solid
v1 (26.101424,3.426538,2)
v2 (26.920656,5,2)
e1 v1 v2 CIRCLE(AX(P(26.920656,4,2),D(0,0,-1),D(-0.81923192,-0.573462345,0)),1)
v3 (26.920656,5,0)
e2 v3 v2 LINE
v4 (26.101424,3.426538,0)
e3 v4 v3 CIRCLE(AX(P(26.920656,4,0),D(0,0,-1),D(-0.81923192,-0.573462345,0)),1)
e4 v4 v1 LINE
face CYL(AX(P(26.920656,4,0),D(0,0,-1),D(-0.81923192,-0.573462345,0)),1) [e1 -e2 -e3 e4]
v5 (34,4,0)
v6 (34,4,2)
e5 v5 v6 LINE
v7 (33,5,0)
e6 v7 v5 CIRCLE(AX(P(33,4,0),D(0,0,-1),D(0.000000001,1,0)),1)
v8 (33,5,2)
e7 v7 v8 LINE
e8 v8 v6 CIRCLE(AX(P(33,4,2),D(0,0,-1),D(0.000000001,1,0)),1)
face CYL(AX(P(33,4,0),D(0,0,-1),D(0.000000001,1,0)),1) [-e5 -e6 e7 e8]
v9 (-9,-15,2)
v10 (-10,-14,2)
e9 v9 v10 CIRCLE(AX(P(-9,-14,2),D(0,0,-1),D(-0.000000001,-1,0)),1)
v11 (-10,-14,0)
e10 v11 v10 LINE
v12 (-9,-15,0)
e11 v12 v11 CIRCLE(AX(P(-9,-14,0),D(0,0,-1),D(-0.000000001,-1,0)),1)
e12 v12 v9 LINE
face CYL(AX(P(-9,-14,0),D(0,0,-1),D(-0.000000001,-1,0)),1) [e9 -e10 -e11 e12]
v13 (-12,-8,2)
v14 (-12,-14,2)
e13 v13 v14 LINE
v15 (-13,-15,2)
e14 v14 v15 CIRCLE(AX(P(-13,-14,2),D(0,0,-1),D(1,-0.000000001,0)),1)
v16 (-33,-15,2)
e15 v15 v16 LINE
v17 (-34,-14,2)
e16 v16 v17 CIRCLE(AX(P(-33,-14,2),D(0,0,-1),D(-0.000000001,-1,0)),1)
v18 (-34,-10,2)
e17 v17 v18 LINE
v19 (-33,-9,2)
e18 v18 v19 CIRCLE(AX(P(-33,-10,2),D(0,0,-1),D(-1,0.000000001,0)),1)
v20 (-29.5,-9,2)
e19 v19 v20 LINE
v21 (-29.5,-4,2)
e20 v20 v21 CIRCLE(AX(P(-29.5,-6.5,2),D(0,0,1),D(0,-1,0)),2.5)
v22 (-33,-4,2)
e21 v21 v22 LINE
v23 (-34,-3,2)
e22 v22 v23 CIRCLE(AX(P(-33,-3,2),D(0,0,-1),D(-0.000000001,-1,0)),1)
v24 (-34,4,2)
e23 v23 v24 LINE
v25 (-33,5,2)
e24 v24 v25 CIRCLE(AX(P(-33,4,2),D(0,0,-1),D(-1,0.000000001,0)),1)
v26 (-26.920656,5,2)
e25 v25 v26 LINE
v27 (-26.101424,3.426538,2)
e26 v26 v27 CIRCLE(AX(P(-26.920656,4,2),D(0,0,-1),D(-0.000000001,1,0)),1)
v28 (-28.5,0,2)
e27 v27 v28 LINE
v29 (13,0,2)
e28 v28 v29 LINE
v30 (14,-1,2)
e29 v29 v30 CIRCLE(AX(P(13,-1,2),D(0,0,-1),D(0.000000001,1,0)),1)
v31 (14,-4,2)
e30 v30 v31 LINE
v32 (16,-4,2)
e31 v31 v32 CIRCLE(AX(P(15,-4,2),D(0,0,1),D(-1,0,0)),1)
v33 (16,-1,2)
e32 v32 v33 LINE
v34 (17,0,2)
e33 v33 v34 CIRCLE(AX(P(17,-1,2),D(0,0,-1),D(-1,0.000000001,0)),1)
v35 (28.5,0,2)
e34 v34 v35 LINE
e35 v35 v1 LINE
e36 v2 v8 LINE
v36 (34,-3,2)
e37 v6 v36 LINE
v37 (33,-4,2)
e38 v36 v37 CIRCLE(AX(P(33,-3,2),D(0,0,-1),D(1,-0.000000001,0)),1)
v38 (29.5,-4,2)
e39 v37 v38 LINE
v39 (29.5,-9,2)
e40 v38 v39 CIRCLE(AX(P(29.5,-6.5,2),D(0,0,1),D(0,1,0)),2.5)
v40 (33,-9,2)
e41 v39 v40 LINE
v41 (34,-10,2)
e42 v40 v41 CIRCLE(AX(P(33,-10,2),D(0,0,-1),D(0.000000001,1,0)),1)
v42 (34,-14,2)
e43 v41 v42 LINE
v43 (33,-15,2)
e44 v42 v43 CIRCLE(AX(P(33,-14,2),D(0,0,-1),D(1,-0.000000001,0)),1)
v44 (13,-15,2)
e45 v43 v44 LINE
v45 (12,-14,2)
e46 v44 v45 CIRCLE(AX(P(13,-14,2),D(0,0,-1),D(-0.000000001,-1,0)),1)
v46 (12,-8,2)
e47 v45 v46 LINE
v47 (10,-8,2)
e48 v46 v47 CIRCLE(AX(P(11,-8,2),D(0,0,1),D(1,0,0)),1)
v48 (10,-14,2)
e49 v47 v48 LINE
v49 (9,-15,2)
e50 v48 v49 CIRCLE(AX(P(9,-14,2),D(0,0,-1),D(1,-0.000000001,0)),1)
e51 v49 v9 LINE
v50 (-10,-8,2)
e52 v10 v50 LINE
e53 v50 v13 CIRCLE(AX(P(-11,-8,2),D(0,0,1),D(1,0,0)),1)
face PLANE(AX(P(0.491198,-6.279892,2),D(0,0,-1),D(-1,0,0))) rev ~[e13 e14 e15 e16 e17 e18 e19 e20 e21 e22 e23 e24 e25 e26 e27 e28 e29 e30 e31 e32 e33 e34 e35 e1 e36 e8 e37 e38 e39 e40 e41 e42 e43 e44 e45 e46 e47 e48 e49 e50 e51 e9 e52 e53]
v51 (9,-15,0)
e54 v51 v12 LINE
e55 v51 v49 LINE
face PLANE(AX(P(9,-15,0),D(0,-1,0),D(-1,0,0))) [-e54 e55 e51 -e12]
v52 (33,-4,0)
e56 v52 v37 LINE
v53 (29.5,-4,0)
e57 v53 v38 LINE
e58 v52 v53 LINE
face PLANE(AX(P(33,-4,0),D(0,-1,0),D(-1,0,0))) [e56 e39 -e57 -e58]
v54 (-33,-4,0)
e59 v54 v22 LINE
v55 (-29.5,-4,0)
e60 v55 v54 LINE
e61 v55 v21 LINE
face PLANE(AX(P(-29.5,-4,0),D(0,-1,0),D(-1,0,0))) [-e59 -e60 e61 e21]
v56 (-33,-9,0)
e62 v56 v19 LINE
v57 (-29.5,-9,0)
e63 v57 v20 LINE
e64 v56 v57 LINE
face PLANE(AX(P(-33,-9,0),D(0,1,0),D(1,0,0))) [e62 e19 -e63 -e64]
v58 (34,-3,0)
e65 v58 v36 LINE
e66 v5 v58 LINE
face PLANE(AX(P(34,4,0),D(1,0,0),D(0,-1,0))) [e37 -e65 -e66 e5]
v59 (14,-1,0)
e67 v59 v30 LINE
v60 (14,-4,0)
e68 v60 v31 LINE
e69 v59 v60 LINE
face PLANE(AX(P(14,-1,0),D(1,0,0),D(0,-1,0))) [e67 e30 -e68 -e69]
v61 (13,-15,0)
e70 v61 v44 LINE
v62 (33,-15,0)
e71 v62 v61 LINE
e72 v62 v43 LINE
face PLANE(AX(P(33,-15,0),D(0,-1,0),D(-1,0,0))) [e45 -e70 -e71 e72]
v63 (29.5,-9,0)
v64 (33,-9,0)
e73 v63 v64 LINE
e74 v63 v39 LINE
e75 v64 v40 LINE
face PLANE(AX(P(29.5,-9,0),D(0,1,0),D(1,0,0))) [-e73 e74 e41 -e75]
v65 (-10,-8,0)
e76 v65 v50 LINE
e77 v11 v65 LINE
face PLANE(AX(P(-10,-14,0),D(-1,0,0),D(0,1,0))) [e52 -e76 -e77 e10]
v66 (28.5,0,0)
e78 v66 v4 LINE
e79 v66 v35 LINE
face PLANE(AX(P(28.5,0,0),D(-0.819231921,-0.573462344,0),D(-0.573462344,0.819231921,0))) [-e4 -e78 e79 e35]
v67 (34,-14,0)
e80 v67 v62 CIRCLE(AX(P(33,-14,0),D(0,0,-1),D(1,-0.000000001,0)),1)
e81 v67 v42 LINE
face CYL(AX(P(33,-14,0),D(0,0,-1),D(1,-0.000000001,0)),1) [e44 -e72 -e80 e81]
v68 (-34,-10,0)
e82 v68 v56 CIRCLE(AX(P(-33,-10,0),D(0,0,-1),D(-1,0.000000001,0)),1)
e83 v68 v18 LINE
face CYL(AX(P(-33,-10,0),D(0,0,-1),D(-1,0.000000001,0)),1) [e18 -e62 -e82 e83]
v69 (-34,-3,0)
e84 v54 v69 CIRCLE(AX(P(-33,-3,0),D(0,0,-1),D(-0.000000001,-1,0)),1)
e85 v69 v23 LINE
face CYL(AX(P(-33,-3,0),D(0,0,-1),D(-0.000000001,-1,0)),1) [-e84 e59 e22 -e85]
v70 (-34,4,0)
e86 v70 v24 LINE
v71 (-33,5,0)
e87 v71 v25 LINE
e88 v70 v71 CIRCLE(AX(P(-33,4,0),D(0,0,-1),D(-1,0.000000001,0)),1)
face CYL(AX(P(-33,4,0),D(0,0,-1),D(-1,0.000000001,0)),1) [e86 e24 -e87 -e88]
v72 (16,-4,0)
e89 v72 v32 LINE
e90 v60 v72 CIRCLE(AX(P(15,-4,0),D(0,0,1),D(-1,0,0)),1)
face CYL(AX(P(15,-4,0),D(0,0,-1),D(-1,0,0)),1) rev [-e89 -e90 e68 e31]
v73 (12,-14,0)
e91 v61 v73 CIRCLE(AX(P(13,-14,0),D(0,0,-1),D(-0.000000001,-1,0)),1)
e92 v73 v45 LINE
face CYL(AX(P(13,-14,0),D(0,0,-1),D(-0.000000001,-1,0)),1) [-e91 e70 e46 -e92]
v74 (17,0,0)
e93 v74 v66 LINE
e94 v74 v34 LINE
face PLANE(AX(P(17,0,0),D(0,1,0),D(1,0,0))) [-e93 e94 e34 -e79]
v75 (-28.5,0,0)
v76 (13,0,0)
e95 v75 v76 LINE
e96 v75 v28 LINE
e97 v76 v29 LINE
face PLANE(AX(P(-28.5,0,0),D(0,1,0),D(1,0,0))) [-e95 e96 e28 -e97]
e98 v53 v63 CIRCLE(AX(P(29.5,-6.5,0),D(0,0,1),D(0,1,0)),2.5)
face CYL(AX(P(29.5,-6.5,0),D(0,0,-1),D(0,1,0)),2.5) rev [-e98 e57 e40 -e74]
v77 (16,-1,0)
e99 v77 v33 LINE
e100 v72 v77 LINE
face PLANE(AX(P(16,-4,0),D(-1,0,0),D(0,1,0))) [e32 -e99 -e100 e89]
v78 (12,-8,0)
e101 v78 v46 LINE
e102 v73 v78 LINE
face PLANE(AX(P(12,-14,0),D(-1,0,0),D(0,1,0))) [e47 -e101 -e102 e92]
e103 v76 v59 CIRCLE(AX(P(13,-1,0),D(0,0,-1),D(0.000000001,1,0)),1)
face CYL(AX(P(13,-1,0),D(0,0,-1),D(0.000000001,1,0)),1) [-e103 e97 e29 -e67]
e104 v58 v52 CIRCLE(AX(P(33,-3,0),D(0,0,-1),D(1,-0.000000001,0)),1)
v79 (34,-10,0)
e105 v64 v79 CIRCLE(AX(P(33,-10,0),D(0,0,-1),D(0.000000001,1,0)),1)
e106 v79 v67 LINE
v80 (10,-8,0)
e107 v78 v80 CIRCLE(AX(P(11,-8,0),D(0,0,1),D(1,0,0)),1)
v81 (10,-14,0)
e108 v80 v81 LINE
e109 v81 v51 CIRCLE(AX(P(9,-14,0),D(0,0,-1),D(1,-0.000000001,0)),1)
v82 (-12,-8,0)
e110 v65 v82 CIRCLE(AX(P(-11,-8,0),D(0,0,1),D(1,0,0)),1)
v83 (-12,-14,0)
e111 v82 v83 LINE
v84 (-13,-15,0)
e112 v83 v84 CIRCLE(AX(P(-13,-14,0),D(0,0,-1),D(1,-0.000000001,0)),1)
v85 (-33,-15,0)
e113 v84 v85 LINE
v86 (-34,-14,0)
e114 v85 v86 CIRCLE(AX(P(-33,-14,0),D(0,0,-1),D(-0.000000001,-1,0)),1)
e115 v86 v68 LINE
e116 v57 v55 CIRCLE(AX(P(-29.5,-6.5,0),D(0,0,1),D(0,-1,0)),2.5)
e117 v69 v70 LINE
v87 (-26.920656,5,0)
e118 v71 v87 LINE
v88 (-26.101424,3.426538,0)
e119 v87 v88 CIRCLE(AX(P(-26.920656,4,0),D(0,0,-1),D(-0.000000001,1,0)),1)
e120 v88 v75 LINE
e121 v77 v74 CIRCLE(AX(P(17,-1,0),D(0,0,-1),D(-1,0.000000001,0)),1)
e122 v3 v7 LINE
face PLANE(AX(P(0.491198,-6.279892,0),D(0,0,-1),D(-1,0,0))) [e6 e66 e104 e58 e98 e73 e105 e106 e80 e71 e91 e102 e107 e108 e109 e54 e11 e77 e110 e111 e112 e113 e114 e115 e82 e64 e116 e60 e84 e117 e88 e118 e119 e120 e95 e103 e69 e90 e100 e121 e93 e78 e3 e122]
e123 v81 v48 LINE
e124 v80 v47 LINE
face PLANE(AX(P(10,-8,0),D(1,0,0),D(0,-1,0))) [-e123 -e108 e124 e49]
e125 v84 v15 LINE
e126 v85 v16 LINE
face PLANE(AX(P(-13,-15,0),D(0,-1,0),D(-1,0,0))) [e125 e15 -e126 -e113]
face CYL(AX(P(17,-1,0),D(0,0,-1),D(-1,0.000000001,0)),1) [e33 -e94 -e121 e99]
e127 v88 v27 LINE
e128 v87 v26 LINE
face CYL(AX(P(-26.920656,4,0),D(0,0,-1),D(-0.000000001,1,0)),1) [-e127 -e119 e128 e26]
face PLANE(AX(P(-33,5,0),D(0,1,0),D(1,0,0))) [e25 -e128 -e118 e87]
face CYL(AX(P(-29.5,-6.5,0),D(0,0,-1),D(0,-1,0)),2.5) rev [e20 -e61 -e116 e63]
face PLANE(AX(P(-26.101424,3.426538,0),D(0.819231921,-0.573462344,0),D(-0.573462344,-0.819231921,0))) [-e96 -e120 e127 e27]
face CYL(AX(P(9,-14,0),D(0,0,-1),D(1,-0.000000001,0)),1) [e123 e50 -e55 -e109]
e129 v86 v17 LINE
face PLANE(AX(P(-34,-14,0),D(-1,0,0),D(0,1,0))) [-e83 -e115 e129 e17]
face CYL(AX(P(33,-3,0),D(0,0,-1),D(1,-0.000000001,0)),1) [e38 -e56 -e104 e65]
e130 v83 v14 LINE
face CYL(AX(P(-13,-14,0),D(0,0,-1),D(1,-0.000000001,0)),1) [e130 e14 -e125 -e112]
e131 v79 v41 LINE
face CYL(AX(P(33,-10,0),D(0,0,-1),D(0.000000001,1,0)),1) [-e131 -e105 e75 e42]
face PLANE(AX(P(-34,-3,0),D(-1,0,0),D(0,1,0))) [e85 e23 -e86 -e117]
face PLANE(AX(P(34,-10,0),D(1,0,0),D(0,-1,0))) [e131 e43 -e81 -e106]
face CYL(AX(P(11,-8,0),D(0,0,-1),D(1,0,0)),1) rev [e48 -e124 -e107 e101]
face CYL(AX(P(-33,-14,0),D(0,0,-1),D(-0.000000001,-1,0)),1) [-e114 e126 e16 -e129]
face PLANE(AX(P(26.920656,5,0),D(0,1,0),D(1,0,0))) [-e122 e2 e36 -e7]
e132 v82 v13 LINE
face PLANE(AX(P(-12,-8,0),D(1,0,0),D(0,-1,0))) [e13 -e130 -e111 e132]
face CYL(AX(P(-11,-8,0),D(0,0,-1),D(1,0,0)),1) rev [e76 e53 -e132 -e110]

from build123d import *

# Parameters (mm, degrees)
RESSALTO_EXTRUS_O1_DEPTH = 2


with BuildPart() as part:
    # Esboço1 → Ressalto-extrusão1 (new body)
    with BuildSketch(Plane.XY):
        with BuildLine():
            Line((-28.5, 0), (13, 0))
            ThreePointArc((13, 0), (13.707106781, -0.292893219), (14, -1))
            Line((14, -1), (14, -4))
            ThreePointArc((14, -4), (15, -5), (16, -4))
            Line((16, -4), (16, -1))
            ThreePointArc((16, -1), (16.292893219, -0.292893219), (17, 0))
            Line((17, 0), (28.5, 0))
            Line((28.5, 0), (26.101423641, 3.426537656))
            ThreePointArc((26.101423641, 3.426537656), (26.033676885, 4.461810381), (26.920655562, 5))
            Line((26.920655562, 5), (33, 5))
            ThreePointArc((33, 5), (33.707106781, 4.707106781), (34, 4))
            Line((34, 4), (34, -3))
            ThreePointArc((34, -3), (33.707106781, -3.707106781), (33, -4))
            Line((33, -4), (29.5, -4))
            ThreePointArc((29.5, -4), (27, -6.5), (29.5, -9))
            Line((29.5, -9), (33, -9))
            ThreePointArc((33, -9), (33.707106781, -9.292893219), (34, -10))
            Line((34, -10), (34, -14))
            ThreePointArc((34, -14), (33.707106781, -14.707106781), (33, -15))
            Line((33, -15), (13, -15))
            ThreePointArc((13, -15), (12.292893219, -14.707106781), (12, -14))
            Line((12, -14), (12, -8))
            ThreePointArc((12, -8), (11, -7), (10, -8))
            Line((10, -8), (10, -14))
            ThreePointArc((10, -14), (9.707106781, -14.707106781), (9, -15))
            Line((9, -15), (-9, -15))
            ThreePointArc((-9, -15), (-9.707106781, -14.707106781), (-10, -14))
            Line((-10, -14), (-10, -8))
            ThreePointArc((-10, -8), (-11, -7), (-12, -8))
            Line((-12, -8), (-12, -14))
            ThreePointArc((-12, -14), (-12.292893219, -14.707106781), (-13, -15))
            Line((-13, -15), (-33, -15))
            ThreePointArc((-33, -15), (-33.707106781, -14.707106781), (-34, -14))
            Line((-34, -14), (-34, -10))
            ThreePointArc((-34, -10), (-33.707106781, -9.292893219), (-33, -9))
            Line((-33, -9), (-29.5, -9))
            ThreePointArc((-29.5, -9), (-27, -6.5), (-29.5, -4))
            Line((-29.5, -4), (-33, -4))
            ThreePointArc((-33, -4), (-33.707106781, -3.707106781), (-34, -3))
            Line((-34, -3), (-34, 4))
            ThreePointArc((-34, 4), (-33.707106781, 4.707106781), (-33, 5))
            Line((-33, 5), (-26.920655562, 5))
            ThreePointArc((-26.920655562, 5), (-26.033676885, 4.461810381), (-26.101423641, 3.426537656))
            Line((-26.101423641, 3.426537656), (-28.5, 0))
        make_face()
    extrude(amount=RESSALTO_EXTRUS_O1_DEPTH)


solid = part.part
